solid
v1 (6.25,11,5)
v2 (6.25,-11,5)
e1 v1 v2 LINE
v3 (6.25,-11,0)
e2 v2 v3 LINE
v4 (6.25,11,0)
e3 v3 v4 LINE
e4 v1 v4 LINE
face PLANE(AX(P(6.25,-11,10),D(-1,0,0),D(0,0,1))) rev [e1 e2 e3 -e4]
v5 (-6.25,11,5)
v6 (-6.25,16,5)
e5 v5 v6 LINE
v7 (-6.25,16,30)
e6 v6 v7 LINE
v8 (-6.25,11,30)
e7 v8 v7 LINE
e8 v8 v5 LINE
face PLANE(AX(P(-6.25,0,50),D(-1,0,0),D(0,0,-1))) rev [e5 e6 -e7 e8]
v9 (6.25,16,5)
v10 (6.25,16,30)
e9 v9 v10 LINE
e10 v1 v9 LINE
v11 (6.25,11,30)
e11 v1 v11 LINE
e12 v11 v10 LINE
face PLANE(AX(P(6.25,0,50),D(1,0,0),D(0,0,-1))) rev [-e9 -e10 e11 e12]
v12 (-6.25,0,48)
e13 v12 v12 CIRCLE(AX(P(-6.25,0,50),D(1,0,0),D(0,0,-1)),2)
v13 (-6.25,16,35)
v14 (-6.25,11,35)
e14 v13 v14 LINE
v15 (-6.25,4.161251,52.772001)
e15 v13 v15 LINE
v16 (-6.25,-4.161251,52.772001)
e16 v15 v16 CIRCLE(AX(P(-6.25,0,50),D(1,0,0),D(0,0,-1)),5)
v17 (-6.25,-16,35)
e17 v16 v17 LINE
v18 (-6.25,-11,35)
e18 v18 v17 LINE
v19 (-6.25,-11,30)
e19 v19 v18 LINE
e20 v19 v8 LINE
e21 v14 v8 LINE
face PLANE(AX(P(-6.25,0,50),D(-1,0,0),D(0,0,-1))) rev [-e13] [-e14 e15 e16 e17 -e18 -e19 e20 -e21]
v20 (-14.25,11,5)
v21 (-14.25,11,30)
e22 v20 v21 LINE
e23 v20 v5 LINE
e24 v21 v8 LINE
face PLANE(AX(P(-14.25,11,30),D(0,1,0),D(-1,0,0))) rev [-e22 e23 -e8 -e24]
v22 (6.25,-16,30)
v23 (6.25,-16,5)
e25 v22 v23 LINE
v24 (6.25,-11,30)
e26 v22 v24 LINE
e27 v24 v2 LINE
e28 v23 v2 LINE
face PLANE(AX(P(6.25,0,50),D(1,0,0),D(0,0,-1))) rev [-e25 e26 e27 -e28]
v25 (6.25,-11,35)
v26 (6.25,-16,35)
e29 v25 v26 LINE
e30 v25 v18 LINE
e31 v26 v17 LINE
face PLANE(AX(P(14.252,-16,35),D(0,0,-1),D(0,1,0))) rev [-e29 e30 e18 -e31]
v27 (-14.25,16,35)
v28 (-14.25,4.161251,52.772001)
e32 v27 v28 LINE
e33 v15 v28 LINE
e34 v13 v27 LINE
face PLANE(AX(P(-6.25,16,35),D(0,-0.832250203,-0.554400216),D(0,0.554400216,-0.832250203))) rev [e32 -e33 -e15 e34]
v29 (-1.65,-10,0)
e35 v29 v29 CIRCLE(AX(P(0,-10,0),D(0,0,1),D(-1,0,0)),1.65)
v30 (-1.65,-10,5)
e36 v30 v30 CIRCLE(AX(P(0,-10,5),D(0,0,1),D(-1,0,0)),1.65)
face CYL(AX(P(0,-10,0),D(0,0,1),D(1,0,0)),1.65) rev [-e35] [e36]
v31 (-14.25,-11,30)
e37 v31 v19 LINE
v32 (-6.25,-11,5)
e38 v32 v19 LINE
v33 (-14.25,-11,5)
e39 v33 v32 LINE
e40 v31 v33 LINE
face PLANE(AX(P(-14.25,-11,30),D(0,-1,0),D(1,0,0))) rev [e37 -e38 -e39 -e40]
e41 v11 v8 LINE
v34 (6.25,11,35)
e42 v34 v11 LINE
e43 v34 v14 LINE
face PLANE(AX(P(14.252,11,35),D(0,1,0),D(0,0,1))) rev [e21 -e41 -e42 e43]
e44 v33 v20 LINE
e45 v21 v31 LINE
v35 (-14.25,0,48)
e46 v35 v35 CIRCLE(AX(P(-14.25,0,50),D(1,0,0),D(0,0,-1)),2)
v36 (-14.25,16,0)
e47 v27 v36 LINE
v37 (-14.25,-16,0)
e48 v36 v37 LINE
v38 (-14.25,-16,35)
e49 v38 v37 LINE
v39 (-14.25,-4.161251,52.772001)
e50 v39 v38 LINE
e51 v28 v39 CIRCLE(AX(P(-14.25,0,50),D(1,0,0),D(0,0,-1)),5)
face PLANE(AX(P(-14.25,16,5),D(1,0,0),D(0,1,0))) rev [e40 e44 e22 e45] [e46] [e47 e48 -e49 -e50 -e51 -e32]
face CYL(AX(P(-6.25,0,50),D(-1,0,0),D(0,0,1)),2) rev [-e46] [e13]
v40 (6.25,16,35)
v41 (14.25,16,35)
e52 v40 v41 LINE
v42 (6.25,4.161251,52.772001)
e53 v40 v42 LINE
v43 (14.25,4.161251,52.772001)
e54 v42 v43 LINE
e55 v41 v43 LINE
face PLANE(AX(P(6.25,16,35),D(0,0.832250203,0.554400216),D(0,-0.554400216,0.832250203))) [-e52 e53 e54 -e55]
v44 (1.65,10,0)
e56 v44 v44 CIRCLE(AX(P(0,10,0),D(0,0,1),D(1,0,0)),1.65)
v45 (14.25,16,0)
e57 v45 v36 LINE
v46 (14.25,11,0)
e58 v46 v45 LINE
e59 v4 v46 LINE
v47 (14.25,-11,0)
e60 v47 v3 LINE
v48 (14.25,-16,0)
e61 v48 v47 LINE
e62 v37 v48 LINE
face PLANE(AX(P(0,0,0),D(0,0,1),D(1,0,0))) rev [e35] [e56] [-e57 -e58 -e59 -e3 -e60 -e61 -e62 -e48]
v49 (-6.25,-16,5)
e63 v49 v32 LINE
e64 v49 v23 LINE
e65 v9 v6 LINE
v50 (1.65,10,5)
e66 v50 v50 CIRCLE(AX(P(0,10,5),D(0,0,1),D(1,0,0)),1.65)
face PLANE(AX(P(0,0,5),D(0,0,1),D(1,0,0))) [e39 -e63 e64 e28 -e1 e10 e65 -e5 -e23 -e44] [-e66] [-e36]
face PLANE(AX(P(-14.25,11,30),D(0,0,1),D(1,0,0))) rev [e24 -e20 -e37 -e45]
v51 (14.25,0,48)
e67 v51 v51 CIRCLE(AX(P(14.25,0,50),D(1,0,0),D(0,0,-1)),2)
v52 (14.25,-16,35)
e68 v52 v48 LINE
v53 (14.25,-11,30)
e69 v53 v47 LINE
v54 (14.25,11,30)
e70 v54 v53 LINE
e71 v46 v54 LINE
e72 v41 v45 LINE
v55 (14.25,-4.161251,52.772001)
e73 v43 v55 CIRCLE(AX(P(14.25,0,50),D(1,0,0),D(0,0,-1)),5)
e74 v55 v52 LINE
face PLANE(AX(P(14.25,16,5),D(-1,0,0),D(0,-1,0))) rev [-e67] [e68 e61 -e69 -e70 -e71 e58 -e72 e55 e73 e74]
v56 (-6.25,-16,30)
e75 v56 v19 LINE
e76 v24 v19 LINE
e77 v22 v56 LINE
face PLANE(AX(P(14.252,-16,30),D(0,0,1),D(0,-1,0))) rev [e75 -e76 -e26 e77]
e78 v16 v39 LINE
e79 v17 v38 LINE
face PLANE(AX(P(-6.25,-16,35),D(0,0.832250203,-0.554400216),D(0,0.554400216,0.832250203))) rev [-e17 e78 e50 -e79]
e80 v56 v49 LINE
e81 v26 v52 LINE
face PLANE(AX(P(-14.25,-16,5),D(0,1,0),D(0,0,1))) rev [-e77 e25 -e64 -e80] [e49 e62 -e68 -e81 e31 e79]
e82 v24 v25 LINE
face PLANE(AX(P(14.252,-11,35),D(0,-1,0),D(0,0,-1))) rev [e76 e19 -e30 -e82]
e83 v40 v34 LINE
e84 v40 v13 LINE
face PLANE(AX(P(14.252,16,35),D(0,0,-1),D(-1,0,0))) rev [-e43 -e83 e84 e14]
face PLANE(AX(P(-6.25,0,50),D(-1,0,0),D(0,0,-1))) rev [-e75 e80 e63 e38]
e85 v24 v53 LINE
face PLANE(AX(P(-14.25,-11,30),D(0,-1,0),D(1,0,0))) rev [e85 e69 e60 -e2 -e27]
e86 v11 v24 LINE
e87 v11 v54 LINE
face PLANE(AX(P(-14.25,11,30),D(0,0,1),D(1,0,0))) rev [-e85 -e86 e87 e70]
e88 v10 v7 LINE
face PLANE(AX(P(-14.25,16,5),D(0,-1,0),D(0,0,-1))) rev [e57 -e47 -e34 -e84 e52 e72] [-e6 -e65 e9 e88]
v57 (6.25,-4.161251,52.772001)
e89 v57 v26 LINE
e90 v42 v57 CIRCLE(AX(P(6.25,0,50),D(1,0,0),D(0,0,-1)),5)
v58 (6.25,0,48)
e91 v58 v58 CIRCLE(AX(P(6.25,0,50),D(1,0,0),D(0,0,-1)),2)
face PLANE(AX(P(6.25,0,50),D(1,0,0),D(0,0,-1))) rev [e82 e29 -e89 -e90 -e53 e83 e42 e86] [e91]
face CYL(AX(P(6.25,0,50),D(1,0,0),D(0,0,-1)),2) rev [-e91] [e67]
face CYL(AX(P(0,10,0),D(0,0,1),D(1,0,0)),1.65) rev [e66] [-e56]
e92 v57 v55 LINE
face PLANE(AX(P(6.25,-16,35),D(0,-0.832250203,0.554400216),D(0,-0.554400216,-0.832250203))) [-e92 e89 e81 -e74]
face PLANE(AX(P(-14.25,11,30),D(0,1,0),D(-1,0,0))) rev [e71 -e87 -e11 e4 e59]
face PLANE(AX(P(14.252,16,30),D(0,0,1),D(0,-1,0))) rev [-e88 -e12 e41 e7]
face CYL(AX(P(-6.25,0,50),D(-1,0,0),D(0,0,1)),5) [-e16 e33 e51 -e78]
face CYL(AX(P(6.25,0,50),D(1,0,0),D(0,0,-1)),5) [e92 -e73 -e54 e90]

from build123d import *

# Parameters (mm, degrees)
SKETCH_1_W          = 28.5
SKETCH_1_H          = 32
EXTRUDE_1_DEPTH     = 5
SKETCH_3_R          = 2
EXTRUDE_2_DEPTH     = 8
SKETCH_4_R          = 1.65
CUT_EXTRUDE_1_DEPTH = 6
SKETCH_5_R          = 1.65
CUT_EXTRUDE_2_DEPTH = 5
SKETCH_6_W          = 25
SKETCH_6_H          = 22
CUT_EXTRUDE_3_DEPTH = 29.5
EXTRUDE_3_REACH     = 22.5
SKETCH_7_W          = 5
SKETCH_7_H          = 5
SKETCH_8_W          = 8
SKETCH_8_H          = 22
CUT_EXTRUDE_4_DEPTH = 10


with BuildPart() as part:
    # ｽｹｯﾁ1 → ﾎﾞｽ - 押し出し1 (new body)
    with BuildSketch(Plane.XY):
        Rectangle(SKETCH_1_W, SKETCH_1_H)
    extrude(amount=EXTRUDE_1_DEPTH)

    # ｽｹｯﾁ3 → ﾎﾞｽ - 押し出し2 (add)
    with BuildSketch(Plane(origin=(14.25, 0, 0), x_dir=(0, 0, -1), z_dir=(1, 0, 0))):
        with BuildLine():
            Line((-5, 16), (-35, 16))
            Line((-35, 16), (-52.772001082, 4.161251014))
            ThreePointArc((-52.772001082, 4.161251014), (-55, 0), (-52.772001082, -4.161251014))
            Line((-52.772001082, -4.161251014), (-35, -16))
            Line((-35, -16), (-5, -16))
            Line((-5, -16), (-5, 16))
        make_face()
        with Locations((-50, 0)):
            Circle(SKETCH_3_R, mode=Mode.SUBTRACT)
    extrude_2 = extrude(amount=-EXTRUDE_2_DEPTH)

    # ﾐﾗｰ1: ﾎﾞｽ - 押し出し2 across plane
    add(extrude_2.mirror(Plane(origin=(0, 0, 0), x_dir=(0, 0, 1), z_dir=(1, 0, 0))))

    # ｽｹｯﾁ4 → ｶｯﾄ - 押し出し1 (cut, through all)
    with BuildSketch(Plane.XY.offset(5)):
        with Locations((0, 10)):
            Circle(SKETCH_4_R)
        with Locations((0, -10)):
            Circle(SKETCH_4_R)
    extrude(amount=-CUT_EXTRUDE_1_DEPTH, mode=Mode.SUBTRACT)

    # ｽｹｯﾁ5 → ｶｯﾄ - 押し出し2 (cut)
    with BuildSketch(Plane.XY):
        with Locations((12.35, -5)):
            Circle(SKETCH_5_R)
        with Locations((12.35, 5)):
            Circle(SKETCH_5_R)
    extrude(amount=CUT_EXTRUDE_2_DEPTH, mode=Mode.SUBTRACT)

    # ｽｹｯﾁ6 → ｶｯﾄ - 押し出し3 (cut, through all)
    with BuildSketch(Plane(origin=(14.25, 0, 0), x_dir=(0, 0, -1), z_dir=(1, 0, 0))):
        with Locations((-17.5, 0)):
            Rectangle(SKETCH_6_W, SKETCH_6_H)
    extrude(amount=-CUT_EXTRUDE_3_DEPTH, mode=Mode.SUBTRACT)

    # ｽｹｯﾁ7 → ﾎﾞｽ - 押し出し3 (add, up to next)
    with BuildSketch(Plane(origin=(-6.25, 0, 0), x_dir=(0, 0, -1), z_dir=(1, 0, 0)), mode=Mode.PRIVATE) as extrude_3_sk1:
        with Locations((-32.5, 13.5)):
            Rectangle(SKETCH_7_W, SKETCH_7_H)
    extrude_3_tool1 = extrude(extrude_3_sk1.sketch, amount=EXTRUDE_3_REACH, mode=Mode.PRIVATE) - part.part
    add(extrude_3_tool1.solids().sort_by_distance((-6.25, 13.5, 32.5))[0])
    # ｽｹｯﾁ7 → ﾎﾞｽ - 押し出し3 (add, up to next)
    with BuildSketch(Plane(origin=(-6.25, 0, 0), x_dir=(0, 0, -1), z_dir=(1, 0, 0)), mode=Mode.PRIVATE) as extrude_3_sk2:
        with Locations((-32.5, -13.5)):
            Rectangle(SKETCH_7_W, SKETCH_7_H)
    extrude_3_tool2 = extrude(extrude_3_sk2.sketch, amount=EXTRUDE_3_REACH, mode=Mode.PRIVATE) - part.part
    add(extrude_3_tool2.solids().sort_by_distance((-6.25, -13.5, 32.5))[0])

    # ｽｹｯﾁ8 → ｶｯﾄ - 押し出し4 (cut)
    with BuildSketch(Plane(origin=(0, 0, 0), x_dir=(-1, 0, 0), z_dir=(0, 0, -1))):
        with Locations((-10.25, 0)):
            Rectangle(SKETCH_8_W, SKETCH_8_H)
    extrude(amount=-CUT_EXTRUDE_4_DEPTH, mode=Mode.SUBTRACT)


solid = part.part
